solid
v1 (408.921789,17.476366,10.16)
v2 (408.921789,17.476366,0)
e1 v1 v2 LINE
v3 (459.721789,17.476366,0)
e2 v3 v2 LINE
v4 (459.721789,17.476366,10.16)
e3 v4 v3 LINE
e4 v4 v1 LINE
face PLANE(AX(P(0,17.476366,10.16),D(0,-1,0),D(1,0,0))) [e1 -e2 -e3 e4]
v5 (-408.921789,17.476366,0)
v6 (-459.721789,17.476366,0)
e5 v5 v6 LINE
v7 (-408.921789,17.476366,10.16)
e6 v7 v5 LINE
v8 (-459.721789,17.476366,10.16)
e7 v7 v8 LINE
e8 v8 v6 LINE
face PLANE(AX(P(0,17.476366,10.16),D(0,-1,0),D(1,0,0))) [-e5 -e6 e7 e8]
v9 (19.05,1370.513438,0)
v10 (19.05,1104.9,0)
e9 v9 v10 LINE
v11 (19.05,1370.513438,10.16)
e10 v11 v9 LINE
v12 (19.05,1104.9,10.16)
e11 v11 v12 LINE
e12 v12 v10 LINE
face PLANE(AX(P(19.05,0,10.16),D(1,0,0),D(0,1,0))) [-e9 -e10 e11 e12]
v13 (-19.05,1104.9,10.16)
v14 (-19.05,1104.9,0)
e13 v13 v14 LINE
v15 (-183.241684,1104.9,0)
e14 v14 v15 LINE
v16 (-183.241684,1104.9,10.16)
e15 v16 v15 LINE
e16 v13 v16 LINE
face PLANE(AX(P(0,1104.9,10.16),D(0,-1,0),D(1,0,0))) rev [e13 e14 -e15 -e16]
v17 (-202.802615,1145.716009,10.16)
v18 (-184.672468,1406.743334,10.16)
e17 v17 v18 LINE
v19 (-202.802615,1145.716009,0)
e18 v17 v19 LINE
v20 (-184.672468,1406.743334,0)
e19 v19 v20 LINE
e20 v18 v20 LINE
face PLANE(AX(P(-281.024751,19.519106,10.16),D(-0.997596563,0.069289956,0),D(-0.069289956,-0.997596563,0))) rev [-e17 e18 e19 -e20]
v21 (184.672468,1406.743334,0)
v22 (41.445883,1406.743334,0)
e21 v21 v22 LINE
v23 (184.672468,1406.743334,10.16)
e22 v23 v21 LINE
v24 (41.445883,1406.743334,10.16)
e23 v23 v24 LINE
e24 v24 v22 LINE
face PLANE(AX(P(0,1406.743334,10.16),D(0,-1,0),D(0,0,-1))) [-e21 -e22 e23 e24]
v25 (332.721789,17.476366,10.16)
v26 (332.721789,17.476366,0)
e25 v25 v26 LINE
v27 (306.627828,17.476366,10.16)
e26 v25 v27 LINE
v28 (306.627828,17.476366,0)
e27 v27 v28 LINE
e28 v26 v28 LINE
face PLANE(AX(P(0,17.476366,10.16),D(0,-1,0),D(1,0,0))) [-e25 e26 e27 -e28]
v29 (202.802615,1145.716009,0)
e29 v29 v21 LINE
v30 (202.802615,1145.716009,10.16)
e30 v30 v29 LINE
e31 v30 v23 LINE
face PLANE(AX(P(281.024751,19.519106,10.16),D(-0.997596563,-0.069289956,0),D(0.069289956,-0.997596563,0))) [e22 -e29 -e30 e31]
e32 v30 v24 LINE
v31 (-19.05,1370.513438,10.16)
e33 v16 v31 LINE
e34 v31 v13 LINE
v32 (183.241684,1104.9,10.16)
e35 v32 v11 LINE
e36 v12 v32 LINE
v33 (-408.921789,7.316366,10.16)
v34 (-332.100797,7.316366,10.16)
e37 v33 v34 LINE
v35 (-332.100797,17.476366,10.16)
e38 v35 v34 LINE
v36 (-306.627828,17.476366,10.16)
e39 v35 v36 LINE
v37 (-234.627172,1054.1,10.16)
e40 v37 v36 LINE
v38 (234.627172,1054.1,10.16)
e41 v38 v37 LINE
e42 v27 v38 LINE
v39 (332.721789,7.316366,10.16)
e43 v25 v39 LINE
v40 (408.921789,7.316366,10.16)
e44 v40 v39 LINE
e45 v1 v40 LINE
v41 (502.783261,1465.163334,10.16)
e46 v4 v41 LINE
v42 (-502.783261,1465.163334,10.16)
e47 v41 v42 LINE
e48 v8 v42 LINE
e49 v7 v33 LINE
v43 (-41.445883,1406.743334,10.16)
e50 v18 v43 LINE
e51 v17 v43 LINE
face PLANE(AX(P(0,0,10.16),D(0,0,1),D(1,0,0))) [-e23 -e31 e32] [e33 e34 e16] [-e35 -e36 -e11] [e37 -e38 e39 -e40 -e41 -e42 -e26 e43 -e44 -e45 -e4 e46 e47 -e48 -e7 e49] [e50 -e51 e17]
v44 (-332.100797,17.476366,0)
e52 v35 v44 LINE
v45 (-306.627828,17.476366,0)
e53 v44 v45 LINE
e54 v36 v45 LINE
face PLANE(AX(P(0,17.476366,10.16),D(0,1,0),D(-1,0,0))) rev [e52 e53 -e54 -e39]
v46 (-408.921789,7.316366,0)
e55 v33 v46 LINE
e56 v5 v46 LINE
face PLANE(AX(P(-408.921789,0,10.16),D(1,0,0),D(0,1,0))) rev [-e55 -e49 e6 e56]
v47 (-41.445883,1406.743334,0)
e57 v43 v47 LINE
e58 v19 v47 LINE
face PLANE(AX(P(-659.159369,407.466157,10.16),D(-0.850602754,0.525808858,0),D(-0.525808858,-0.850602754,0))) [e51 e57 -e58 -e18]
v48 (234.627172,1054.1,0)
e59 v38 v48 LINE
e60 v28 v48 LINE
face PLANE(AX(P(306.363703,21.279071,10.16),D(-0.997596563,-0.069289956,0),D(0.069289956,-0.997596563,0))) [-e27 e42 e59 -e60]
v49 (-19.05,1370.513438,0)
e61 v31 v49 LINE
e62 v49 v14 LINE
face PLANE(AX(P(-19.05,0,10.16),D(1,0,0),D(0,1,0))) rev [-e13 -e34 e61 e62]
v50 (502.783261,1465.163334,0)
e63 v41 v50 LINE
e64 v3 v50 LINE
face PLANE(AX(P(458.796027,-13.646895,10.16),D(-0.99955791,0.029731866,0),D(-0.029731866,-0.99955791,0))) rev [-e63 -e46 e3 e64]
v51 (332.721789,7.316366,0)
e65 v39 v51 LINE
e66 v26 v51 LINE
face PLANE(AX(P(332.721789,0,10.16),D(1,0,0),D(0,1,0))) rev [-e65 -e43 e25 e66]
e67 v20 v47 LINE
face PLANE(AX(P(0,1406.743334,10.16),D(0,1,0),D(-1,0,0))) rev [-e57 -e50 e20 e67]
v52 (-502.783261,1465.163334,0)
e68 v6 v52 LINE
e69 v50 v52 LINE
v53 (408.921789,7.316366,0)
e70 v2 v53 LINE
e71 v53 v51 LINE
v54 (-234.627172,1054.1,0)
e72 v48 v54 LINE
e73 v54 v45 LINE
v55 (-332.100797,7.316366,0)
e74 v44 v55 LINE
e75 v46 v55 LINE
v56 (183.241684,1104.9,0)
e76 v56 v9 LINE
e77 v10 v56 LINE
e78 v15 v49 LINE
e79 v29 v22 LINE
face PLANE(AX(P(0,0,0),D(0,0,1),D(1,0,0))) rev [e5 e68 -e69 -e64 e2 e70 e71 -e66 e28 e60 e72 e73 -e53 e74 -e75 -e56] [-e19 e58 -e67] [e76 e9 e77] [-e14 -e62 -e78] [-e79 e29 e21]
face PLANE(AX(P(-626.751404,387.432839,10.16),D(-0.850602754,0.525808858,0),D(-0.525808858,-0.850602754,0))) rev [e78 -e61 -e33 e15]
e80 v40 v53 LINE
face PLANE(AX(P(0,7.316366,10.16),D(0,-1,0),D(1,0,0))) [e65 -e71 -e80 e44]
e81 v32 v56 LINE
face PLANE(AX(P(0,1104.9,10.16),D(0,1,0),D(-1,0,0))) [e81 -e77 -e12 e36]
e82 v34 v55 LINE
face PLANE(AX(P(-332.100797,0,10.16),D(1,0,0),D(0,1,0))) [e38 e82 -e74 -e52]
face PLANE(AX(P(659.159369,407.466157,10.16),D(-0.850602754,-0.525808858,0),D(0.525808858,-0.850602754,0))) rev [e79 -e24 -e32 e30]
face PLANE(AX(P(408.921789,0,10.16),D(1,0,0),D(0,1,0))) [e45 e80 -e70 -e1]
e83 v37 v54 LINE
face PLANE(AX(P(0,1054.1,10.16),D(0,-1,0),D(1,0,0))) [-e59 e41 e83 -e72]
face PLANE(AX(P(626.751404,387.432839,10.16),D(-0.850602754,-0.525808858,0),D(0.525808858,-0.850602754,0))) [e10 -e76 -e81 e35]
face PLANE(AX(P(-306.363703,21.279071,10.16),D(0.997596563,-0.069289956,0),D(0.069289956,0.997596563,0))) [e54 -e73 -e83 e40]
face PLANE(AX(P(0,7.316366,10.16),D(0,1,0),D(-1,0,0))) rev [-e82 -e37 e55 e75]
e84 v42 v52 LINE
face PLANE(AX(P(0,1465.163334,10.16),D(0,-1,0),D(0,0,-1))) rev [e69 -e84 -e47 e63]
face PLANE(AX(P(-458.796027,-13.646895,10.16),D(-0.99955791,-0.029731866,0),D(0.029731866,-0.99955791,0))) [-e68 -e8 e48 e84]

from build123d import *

# Parameters (mm, degrees)
BOSS_EXTRUDE1_DEPTH = 10.16


with BuildPart() as part:
    # Sketch1 → Boss-Extrude1 (new body)
    with BuildSketch(Plane.XY):
        Polygon((-502.783260533, 1465.163333881), (-459.721789204, 17.476365817), (-408.921789204, 17.476365817), (-408.921789204, 7.316365817), (-332.100796745, 7.316365817), (-332.100796745, 17.476365817), (-306.627827519, 17.476365817), (-234.627172097, 1054.1), (234.627172097, 1054.1), (306.627827519, 17.476365817), (332.721789204, 17.476365817), (332.721789204, 7.316365817), (408.921789204, 7.316365817), (408.921789204, 17.476365817), (459.721789204, 17.476365817), (502.783260533, 1465.163333881), align=None)
        Polygon((-202.80261453, 1145.716008632), (-184.672467887, 1406.743333881), (-41.445883295, 1406.743333881), align=None, mode=Mode.SUBTRACT)
        Polygon((-19.05, 1104.9), (-183.241684323, 1104.9), (-19.05, 1370.513438368), align=None, mode=Mode.SUBTRACT)
        Polygon((183.241684323, 1104.9), (19.05, 1104.9), (19.05, 1370.513438368), align=None, mode=Mode.SUBTRACT)
        Polygon((184.672467887, 1406.743333881), (202.80261453, 1145.716008632), (41.445883295, 1406.743333881), align=None, mode=Mode.SUBTRACT)
    extrude(amount=BOSS_EXTRUDE1_DEPTH)


solid = part.part
